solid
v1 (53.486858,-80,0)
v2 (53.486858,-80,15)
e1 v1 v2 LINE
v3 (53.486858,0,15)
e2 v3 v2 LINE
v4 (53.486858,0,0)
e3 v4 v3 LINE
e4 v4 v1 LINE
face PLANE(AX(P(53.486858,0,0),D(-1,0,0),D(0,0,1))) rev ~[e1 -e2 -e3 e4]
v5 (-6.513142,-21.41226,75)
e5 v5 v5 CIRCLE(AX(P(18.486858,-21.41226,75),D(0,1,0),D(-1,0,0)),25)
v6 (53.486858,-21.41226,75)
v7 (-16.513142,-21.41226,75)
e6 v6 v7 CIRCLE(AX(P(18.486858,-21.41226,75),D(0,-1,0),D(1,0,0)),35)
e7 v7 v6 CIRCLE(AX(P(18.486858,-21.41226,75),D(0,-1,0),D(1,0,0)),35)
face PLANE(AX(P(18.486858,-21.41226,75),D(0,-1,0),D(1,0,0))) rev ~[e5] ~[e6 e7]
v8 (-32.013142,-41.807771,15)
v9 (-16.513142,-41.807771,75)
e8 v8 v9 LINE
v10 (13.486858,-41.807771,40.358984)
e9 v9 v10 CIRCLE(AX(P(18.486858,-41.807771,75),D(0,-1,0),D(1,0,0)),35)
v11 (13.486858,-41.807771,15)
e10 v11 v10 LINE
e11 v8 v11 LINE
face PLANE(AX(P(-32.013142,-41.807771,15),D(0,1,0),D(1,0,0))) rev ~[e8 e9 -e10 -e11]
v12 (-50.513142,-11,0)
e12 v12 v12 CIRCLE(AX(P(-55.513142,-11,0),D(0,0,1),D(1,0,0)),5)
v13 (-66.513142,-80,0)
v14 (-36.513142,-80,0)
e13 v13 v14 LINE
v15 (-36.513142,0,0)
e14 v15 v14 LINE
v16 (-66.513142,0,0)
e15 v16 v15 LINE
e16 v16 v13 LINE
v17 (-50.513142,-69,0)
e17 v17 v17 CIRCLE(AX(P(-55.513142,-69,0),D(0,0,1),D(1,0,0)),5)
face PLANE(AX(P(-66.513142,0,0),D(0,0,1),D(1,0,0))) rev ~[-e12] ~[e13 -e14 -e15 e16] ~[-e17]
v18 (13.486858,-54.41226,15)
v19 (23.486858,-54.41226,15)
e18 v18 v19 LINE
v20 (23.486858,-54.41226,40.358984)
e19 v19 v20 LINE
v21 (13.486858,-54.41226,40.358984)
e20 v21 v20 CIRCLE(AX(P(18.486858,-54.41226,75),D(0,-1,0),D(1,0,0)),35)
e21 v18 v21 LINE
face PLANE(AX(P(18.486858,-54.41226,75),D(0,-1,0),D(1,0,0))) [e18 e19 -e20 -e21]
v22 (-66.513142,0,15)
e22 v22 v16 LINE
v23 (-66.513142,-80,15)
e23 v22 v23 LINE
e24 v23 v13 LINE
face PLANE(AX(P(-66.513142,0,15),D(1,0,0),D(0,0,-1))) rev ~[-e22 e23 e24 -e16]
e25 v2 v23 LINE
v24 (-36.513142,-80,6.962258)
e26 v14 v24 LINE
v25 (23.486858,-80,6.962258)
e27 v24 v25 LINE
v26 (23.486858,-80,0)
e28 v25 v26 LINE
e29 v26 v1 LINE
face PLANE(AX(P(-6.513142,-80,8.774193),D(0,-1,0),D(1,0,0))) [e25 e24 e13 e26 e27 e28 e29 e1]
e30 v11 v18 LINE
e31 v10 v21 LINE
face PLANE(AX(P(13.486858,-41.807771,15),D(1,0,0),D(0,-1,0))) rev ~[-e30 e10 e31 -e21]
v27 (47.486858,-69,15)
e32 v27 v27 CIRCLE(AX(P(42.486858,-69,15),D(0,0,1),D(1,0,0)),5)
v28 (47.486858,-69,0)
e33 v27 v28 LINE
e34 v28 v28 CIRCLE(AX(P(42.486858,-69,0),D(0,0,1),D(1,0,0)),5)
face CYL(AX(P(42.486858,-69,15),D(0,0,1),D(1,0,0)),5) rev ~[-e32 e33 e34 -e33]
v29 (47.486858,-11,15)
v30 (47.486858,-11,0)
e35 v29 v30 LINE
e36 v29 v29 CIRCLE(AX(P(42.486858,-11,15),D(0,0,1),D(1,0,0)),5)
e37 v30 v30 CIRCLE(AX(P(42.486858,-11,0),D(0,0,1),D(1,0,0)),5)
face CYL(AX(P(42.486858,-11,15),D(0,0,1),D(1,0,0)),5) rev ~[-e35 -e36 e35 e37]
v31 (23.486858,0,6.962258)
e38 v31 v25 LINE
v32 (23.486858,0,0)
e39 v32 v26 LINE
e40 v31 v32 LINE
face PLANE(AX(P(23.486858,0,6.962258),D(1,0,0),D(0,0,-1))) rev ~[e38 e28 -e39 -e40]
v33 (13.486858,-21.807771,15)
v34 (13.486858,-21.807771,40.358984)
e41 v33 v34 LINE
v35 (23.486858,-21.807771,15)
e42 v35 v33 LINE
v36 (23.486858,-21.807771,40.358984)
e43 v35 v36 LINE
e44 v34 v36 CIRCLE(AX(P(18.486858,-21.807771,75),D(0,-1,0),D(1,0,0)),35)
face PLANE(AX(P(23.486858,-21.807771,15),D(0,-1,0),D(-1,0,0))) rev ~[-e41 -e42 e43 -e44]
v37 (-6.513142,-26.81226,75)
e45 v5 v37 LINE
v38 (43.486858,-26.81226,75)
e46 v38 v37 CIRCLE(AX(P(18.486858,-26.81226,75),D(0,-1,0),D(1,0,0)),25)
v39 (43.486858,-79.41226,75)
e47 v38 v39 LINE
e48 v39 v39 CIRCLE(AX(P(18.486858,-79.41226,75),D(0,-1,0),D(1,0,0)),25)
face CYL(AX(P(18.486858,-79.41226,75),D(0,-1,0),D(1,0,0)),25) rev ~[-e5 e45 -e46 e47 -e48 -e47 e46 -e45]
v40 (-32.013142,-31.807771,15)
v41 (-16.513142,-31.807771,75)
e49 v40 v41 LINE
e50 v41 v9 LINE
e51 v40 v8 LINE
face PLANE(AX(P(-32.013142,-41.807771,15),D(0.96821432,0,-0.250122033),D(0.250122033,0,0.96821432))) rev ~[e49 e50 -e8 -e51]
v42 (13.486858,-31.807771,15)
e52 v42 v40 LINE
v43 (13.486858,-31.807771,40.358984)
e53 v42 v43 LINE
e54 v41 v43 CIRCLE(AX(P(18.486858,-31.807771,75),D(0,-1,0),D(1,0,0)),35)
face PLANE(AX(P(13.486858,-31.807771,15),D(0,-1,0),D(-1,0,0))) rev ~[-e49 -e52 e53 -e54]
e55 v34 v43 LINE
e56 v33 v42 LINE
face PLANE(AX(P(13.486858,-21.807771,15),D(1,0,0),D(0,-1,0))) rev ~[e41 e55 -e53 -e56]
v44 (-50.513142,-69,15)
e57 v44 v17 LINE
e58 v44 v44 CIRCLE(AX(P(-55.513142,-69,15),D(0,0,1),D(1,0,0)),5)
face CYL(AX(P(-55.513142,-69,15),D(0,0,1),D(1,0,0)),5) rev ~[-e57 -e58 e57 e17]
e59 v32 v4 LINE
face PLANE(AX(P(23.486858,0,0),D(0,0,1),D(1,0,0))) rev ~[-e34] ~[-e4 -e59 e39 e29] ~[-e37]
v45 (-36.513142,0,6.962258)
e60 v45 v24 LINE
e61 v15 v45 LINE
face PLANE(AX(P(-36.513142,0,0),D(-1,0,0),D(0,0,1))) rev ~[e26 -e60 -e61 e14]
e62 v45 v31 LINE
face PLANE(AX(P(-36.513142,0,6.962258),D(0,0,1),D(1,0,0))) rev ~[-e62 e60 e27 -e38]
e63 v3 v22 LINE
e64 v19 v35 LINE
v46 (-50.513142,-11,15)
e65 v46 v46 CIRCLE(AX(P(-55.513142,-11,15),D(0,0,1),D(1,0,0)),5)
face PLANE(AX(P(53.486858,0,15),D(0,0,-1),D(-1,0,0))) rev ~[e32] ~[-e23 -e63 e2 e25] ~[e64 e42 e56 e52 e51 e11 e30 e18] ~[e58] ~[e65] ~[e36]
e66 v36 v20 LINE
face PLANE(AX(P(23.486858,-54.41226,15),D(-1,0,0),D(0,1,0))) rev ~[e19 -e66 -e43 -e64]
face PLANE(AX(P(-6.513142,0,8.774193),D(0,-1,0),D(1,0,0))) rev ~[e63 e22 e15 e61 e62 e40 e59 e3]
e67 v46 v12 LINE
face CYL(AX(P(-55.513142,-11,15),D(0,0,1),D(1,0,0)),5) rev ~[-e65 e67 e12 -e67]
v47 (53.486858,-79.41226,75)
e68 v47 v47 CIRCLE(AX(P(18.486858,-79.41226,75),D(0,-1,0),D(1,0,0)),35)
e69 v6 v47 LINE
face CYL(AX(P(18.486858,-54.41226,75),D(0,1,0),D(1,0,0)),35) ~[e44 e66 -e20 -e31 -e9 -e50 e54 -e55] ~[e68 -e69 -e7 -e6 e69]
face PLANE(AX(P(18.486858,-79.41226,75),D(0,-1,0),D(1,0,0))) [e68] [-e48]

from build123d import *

# Parameters (mm, degrees)
F1_DEPTH  = 80
F2_R      = 5
F3_DEPTH  = 25
F5_DEPTH  = 60
F6_R      = 35
F7_DEPTH  = 33
F8_DEPTH  = 25
F9_R      = 25
F10_DEPTH = 52.6
F11_R     = 25
F12_DEPTH = 52.6
F14_DEPTH = 25


with BuildPart() as f1:
    # F0 (on Front) → F1 (new body)
    with BuildSketch(Plane.XZ):
        Polygon((-66.513142, 0), (-36.513142, 0), (-36.513142, 6.962258), (23.486858, 6.962258), (23.486858, 0), (53.486858, 0), (53.486858, 15), (-66.513142, 15), align=None)
    extrude(amount=F1_DEPTH)

    # F2 (on face) → F3 (cut)
    with BuildSketch(Plane.XY.offset(15)):
        with Locations((42.486858, -11)):
            Circle(F2_R)
        with Locations((42.486858, -69)):
            Circle(F2_R)
        with Locations((-55.513142, -69)):
            Circle(F2_R)
        with Locations((-55.513142, -11)):
            Circle(F2_R)
    extrude(amount=-F3_DEPTH, mode=Mode.SUBTRACT)

    # F4 (on face) → F5 (join)
    with BuildSketch(Plane.XY.offset(15)):
        Polygon((23.486858, -54.41226), (23.486858, -21.807771), (13.486858, -21.807771), (13.486858, -31.807771), (-32.013142, -31.807771), (-32.013142, -41.807771), (13.486858, -41.807771), (13.486858, -54.41226), align=None)
    extrude(amount=F5_DEPTH)

    # F6 (on face) → F7 (join)
    with BuildSketch(Plane.XZ.offset(54.41226)):
        with Locations((18.486858, 75)):
            Circle(F6_R)
    extrude(amount=-F7_DEPTH)

    # F6 (on face) → F8 (join)
    with BuildSketch(Plane.XZ.offset(54.41226)):
        with Locations((18.486858, 75)):
            Circle(F6_R)
    extrude(amount=F8_DEPTH)

    # F9 (on face) → F10 (cut)
    with BuildSketch(Plane.XZ.offset(79.41226)):
        with Locations((18.486858, 75)):
            Circle(F9_R)
    extrude(amount=-F10_DEPTH, mode=Mode.SUBTRACT)

    # F11 (on face) → F12 (cut)
    with BuildSketch(Plane(origin=(0, -21.41226, 0), x_dir=(-1, 0, 0), z_dir=(0, 1, 0))):
        with Locations((-18.486858, 75)):
            Circle(F11_R)
    extrude(amount=-F12_DEPTH, mode=Mode.SUBTRACT)

    # F13 (on face) → F14 (cut)
    with BuildSketch(Plane.XZ.offset(41.807771)):
        Polygon((-32.013142, 15), (-16.513142, 75), (-32.013142, 75), align=None)
    extrude(amount=-F14_DEPTH, mode=Mode.SUBTRACT)


solid = f1.part
